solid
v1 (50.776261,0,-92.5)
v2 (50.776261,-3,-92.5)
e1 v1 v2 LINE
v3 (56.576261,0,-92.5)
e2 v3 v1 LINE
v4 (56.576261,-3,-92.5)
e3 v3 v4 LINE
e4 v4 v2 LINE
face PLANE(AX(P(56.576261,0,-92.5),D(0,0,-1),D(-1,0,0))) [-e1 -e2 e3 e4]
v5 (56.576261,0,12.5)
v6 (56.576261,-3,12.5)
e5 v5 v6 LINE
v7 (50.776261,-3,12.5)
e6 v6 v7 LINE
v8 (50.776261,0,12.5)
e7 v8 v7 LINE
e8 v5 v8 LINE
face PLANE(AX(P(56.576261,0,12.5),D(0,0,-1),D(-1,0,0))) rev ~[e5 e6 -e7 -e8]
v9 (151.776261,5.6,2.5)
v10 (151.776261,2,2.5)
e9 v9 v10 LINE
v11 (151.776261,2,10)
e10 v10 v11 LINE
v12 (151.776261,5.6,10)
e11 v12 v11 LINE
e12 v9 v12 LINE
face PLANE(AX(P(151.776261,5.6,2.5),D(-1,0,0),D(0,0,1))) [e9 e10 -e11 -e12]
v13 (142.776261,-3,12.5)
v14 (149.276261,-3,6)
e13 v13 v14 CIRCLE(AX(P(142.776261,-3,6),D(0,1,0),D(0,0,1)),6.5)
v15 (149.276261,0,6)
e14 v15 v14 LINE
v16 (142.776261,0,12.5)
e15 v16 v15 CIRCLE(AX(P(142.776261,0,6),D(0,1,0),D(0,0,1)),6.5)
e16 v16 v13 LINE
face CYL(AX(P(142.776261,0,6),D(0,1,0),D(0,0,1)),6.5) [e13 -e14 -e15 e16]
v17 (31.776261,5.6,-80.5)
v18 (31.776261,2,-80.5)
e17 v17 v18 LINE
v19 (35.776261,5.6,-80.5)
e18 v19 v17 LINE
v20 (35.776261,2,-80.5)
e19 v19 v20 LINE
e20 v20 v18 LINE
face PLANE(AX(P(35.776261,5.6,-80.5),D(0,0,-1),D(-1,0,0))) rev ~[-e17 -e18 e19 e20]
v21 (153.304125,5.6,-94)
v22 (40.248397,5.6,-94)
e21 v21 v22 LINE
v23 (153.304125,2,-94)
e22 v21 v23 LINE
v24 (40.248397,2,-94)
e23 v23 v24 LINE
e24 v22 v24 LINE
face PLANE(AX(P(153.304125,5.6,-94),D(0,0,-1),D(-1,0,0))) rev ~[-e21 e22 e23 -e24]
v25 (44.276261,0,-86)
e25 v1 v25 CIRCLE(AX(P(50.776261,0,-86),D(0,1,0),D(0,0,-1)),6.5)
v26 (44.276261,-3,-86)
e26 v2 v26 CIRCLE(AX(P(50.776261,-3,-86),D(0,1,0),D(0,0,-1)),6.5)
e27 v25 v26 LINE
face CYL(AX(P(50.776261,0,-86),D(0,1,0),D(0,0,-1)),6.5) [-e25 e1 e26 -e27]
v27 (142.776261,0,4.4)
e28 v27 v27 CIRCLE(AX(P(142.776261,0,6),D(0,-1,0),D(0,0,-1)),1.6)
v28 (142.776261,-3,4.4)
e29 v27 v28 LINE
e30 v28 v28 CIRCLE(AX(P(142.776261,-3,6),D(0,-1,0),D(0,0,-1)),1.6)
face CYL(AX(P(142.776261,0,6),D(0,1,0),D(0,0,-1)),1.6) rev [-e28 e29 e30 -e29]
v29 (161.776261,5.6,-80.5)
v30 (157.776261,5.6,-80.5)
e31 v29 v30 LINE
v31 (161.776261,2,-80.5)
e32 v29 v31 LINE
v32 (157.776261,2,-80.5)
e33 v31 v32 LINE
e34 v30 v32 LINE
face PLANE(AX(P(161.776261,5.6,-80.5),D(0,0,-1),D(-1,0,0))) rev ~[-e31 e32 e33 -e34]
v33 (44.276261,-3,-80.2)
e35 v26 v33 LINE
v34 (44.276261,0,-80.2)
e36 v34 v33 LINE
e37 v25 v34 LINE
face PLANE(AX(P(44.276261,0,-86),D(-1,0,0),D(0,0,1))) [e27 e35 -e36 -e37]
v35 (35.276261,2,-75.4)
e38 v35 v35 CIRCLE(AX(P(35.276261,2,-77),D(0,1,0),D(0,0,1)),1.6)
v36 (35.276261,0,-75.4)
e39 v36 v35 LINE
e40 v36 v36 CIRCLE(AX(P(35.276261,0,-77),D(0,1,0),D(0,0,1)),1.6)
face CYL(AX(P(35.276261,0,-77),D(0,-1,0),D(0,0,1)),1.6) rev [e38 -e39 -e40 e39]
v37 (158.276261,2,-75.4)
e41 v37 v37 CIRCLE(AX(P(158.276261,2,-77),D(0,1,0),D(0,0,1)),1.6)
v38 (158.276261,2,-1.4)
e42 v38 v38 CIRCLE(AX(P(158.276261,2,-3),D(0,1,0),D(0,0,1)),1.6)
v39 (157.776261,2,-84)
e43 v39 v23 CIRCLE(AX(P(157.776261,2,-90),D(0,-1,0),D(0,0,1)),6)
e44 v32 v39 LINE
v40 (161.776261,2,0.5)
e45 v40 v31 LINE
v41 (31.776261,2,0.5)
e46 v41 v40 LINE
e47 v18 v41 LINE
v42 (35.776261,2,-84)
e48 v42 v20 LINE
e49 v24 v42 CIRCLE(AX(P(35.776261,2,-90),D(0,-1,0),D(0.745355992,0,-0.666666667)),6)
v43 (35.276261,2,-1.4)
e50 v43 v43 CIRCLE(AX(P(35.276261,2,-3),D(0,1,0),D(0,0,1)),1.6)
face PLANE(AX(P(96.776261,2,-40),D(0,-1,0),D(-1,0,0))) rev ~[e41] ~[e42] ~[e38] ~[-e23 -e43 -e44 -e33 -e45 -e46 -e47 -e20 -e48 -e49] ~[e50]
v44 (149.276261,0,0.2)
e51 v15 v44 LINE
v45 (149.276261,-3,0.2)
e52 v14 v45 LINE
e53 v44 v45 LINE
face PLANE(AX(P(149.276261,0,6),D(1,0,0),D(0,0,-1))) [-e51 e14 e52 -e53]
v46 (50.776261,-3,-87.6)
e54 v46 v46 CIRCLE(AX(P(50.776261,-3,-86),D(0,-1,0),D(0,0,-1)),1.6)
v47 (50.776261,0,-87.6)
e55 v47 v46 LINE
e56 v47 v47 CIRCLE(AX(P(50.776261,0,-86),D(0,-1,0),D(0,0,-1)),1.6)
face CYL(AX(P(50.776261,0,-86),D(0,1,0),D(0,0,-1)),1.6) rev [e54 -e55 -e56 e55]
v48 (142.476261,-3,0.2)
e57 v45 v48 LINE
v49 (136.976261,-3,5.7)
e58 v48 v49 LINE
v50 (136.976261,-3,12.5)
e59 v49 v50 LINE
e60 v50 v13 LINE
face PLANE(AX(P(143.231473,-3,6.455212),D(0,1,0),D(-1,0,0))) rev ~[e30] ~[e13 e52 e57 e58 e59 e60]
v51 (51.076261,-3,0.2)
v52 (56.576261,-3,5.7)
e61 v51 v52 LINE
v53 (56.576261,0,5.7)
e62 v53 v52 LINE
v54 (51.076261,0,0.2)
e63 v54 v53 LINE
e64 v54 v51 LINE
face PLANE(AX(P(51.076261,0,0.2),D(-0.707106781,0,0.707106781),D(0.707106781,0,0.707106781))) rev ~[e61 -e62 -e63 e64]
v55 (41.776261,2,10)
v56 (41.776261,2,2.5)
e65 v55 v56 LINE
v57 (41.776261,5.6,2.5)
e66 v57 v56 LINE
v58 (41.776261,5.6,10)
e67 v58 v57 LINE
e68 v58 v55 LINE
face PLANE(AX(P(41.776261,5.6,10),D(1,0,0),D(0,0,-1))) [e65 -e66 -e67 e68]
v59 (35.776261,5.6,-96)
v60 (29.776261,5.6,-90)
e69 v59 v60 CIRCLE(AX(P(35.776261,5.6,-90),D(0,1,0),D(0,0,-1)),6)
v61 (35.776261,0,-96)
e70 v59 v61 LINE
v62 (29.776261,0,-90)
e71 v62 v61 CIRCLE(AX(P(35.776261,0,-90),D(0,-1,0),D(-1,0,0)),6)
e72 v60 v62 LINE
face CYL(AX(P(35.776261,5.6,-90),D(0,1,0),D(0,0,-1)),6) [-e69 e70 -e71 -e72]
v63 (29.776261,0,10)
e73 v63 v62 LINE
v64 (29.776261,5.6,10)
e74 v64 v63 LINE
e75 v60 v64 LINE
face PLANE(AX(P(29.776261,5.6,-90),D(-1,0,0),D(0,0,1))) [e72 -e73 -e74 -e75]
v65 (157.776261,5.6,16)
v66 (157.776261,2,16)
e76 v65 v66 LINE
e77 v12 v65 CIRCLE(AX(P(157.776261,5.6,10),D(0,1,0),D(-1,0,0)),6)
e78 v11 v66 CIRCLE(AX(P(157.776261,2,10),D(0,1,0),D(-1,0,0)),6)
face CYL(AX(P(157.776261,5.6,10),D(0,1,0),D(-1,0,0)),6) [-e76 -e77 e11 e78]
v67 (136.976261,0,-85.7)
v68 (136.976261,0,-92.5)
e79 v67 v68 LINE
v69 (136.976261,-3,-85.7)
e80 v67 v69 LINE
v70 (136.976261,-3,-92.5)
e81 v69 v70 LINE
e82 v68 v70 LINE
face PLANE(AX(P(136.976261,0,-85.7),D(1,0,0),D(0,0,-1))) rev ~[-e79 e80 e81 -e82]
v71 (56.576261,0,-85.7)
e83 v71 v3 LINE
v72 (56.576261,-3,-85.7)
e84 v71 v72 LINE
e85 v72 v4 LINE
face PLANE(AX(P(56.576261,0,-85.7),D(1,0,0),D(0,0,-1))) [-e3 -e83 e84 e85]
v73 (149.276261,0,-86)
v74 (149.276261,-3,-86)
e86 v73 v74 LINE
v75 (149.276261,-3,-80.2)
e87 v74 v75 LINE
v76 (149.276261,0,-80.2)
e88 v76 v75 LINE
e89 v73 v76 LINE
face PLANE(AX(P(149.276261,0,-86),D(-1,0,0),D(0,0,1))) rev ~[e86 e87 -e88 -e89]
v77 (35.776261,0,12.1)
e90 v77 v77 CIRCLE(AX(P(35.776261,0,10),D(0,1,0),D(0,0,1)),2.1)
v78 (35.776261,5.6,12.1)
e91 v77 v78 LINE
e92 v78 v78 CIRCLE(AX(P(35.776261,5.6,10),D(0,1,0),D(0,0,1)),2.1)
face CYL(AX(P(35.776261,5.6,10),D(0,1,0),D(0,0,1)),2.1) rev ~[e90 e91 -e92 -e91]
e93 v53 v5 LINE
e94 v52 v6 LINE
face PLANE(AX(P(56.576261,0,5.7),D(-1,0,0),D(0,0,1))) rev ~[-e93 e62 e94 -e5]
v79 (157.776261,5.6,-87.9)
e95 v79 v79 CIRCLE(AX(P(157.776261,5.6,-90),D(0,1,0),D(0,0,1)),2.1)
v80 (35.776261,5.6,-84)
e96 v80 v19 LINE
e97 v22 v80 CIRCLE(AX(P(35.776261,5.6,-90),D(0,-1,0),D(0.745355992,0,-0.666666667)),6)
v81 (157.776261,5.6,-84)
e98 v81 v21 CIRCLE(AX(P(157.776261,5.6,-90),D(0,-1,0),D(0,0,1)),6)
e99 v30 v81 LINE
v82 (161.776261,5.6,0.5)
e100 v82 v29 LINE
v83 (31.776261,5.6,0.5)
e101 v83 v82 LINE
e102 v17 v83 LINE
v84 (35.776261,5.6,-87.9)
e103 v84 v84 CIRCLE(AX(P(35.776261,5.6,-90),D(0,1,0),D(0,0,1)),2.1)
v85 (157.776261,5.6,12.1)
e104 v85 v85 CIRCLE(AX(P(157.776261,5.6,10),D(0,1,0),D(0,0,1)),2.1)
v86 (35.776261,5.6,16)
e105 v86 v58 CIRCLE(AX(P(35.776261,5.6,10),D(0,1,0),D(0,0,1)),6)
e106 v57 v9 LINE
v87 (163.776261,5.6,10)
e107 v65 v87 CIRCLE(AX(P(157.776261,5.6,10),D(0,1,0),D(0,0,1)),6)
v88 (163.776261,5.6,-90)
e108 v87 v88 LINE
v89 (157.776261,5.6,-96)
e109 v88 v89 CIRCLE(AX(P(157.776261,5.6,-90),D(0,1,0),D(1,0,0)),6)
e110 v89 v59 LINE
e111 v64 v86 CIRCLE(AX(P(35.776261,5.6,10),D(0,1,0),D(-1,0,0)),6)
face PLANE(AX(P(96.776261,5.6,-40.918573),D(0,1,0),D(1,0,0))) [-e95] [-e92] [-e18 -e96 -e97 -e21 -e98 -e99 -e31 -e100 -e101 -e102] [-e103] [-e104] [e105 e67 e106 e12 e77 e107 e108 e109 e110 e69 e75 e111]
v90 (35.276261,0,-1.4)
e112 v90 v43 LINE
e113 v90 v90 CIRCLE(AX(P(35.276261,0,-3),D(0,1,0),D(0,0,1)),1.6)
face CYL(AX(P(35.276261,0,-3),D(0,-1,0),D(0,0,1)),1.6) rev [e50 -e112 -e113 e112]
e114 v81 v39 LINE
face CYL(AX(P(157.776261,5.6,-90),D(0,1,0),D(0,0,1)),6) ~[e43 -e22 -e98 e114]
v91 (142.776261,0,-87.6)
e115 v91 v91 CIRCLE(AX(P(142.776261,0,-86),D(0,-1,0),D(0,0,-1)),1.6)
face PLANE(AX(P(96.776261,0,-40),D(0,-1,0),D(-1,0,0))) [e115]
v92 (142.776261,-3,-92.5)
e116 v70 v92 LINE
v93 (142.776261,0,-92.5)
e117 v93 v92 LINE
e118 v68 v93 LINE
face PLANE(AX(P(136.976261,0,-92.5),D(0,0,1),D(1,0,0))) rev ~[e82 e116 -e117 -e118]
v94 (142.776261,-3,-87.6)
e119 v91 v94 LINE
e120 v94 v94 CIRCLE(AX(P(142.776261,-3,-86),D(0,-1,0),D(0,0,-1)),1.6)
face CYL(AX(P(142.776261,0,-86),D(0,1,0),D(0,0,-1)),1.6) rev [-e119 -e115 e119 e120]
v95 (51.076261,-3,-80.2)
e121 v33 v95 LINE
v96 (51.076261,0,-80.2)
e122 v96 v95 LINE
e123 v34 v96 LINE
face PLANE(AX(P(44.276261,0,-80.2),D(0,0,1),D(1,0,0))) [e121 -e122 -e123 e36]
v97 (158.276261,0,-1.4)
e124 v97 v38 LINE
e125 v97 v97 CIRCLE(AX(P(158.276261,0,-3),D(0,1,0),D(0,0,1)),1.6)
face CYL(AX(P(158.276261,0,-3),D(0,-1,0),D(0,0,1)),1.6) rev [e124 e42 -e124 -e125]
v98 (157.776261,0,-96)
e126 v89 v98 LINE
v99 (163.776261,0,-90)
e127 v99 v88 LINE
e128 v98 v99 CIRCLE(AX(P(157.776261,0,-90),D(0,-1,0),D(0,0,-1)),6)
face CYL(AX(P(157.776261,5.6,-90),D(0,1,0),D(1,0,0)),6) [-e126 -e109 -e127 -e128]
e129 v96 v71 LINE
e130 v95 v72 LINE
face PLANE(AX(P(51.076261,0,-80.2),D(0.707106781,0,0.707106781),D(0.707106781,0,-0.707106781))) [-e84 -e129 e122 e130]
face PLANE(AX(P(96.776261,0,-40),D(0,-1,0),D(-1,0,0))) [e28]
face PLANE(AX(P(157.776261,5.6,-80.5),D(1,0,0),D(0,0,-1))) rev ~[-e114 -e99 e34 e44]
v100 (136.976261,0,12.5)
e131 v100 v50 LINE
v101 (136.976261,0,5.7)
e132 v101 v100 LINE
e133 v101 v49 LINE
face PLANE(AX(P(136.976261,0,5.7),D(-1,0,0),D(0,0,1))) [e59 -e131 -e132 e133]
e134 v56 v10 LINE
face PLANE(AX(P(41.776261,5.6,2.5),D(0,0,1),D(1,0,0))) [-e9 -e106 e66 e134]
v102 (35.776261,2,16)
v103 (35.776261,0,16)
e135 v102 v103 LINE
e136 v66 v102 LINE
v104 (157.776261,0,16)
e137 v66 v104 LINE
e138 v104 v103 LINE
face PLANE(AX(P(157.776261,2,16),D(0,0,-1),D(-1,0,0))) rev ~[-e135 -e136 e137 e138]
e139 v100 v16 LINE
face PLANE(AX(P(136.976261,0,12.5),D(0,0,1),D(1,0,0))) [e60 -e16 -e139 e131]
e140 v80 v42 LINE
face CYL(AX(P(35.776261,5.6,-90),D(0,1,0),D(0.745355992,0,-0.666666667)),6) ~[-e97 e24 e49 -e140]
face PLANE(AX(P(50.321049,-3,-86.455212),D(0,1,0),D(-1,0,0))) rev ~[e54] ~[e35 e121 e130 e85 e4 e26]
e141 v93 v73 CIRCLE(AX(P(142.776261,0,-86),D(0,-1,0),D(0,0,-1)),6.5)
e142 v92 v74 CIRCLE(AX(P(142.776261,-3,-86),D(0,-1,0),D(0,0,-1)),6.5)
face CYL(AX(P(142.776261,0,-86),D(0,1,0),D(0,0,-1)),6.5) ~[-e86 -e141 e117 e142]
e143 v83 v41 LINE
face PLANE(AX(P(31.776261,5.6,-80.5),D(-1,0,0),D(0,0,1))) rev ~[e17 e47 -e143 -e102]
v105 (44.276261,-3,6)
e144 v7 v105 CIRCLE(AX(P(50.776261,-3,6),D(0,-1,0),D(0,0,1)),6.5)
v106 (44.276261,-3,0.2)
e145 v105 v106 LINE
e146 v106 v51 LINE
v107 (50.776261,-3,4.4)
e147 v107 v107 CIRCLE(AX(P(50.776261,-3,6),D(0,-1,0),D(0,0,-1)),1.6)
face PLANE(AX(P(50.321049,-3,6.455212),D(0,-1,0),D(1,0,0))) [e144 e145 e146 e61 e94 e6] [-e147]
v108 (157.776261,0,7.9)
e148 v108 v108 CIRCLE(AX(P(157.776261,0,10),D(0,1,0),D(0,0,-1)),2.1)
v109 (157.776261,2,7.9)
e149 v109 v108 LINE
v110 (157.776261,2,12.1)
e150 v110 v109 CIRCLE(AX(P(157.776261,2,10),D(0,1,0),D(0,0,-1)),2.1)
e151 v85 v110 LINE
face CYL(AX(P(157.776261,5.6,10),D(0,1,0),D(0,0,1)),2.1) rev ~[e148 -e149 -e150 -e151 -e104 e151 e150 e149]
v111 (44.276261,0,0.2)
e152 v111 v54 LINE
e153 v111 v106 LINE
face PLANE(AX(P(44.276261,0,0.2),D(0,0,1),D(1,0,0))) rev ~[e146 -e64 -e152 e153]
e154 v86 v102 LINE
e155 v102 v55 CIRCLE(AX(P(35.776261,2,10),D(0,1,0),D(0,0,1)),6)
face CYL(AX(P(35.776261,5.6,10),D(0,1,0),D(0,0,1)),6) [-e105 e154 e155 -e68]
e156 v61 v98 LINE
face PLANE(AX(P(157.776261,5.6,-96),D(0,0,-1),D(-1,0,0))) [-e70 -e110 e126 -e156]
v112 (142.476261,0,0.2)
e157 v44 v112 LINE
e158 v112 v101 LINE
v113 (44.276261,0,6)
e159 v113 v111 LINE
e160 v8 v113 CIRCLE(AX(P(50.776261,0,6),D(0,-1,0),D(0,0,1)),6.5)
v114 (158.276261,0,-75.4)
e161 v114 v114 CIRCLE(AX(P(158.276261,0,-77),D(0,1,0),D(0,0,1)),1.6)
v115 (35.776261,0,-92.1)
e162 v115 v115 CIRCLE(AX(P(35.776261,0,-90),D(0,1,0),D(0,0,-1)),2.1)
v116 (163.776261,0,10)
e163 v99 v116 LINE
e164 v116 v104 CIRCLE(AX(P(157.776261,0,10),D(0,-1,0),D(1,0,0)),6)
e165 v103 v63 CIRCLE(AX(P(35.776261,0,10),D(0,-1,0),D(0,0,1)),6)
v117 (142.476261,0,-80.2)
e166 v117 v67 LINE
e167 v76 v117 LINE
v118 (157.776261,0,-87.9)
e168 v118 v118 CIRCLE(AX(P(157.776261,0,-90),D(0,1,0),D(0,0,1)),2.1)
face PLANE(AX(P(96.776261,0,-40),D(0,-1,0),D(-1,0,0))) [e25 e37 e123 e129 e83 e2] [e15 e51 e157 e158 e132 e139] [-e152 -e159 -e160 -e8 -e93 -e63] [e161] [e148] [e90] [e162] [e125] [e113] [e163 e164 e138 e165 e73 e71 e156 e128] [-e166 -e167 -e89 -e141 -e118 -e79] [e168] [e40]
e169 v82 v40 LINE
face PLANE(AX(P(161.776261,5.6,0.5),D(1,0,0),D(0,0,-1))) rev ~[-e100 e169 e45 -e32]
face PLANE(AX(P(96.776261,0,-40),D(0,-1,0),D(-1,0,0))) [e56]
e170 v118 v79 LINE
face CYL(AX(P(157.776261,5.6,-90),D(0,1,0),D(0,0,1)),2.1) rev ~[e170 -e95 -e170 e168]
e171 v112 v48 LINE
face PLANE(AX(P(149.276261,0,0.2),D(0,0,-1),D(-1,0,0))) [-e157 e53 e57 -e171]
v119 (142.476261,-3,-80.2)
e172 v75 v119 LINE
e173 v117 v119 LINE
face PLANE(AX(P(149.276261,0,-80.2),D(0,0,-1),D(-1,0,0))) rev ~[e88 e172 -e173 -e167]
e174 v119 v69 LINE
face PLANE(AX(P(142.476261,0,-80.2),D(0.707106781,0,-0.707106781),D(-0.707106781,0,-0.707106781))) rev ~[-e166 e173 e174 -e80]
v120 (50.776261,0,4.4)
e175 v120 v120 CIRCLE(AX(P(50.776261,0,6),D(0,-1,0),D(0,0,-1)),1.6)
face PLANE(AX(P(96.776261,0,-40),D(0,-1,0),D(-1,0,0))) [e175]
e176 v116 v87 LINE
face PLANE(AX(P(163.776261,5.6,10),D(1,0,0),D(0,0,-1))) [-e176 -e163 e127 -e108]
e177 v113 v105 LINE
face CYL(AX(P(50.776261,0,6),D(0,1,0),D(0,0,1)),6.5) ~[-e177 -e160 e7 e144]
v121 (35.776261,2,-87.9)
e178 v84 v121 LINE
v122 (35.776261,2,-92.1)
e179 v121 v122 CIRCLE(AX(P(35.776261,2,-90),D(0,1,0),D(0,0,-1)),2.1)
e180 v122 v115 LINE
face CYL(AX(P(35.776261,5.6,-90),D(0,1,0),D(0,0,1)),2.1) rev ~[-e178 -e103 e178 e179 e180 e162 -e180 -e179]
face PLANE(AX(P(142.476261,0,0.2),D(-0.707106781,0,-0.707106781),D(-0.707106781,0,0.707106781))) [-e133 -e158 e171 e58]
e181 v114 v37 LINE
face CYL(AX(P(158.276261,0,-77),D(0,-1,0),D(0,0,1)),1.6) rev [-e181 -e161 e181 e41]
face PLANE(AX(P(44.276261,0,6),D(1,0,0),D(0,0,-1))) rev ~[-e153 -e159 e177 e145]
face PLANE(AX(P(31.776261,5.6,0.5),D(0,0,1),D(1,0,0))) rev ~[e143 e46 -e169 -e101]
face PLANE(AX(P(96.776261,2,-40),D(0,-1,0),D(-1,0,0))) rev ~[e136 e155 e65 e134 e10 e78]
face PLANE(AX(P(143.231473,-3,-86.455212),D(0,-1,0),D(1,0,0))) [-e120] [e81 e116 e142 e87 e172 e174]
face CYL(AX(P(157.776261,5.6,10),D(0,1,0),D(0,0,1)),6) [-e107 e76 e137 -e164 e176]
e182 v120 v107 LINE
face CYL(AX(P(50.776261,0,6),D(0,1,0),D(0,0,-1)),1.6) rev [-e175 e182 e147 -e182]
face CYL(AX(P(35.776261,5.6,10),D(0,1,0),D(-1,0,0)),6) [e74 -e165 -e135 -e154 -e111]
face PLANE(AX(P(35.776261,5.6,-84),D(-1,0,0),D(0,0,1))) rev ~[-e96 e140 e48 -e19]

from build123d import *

# Parameters (mm, degrees)
SKETCH_1_W      = 129
SKETCH_1_H      = 80
SKETCH_1_R      = 1.6
EXTRUDE_1_DEPTH = 2
SKETCH_2_R      = 2.1
SKETCH_2_W      = 129
SKETCH_2_H      = 80
EXTRUDE_2_DEPTH = 2
EXTRUDE_START   = 3.6
SKETCH_3_R      = 2.1
EXTRUDE_3_DEPTH = 3.6
SKETCH_4_R      = 1.6
EXTRUDE_4_DEPTH = 3


with BuildPart() as part:
    # 草图1 → 凸台-拉伸1 (new body)
    with BuildSketch(Plane(origin=(0, 0, 0), x_dir=(1, 0, 0), z_dir=(0, 1, 0))):
        with Locations((96.776260997, 40)):
            Rectangle(SKETCH_1_W, SKETCH_1_H)
        with Locations(Location((35.276260997, 77, 0), (0, 0, 270))):
            Circle(SKETCH_1_R, mode=Mode.SUBTRACT)
        with Locations(Location((158.276260997, 77, 0), (0, 0, 270))):
            Circle(SKETCH_1_R, mode=Mode.SUBTRACT)
        with Locations(Location((158.276260997, 3, 0), (0, 0, 270))):
            Circle(SKETCH_1_R, mode=Mode.SUBTRACT)
        with Locations(Location((35.276260997, 3, 0), (0, 0, 270))):
            Circle(SKETCH_1_R, mode=Mode.SUBTRACT)
    extrude(amount=EXTRUDE_1_DEPTH)

    # 草图2 → 凸台-拉伸2 (add)
    with BuildSketch(Plane(origin=(0, 2, 0), x_dir=(1, 0, 0), z_dir=(0, 1, 0))):
        with BuildLine():
            Line((35.776260997, 96), (157.776260997, 96))
            ThreePointArc((157.776260997, 96), (162.018901684, 94.242640687), (163.776260997, 90))
            Line((163.776260997, 90), (163.776260997, -10))
            ThreePointArc((163.776260997, -10), (162.018901684, -14.242640687), (157.776260997, -16))
            Line((157.776260997, -16), (35.776260997, -16))
            ThreePointArc((35.776260997, -16), (31.53362031, -14.242640687), (29.776260997, -10))
            Line((29.776260997, -10), (29.776260997, 90))
            ThreePointArc((29.776260997, 90), (31.53362031, 94.242640687), (35.776260997, 96))
        make_face()
        with Locations(Location((35.776260997, -10, 0), (0, 0, 270))):
            Circle(SKETCH_2_R, mode=Mode.SUBTRACT)
        with Locations(Location((157.776260997, -10, 0), (0, 0, 90))):
            Circle(SKETCH_2_R, mode=Mode.SUBTRACT)
        with Locations(Location((157.776260997, 90, 0), (0, 0, 270))):
            Circle(SKETCH_2_R, mode=Mode.SUBTRACT)
        with Locations(Location((35.776260997, 90, 0), (0, 0, 90))):
            Circle(SKETCH_2_R, mode=Mode.SUBTRACT)
        with Locations((96.776260997, 40)):
            Rectangle(SKETCH_2_W, SKETCH_2_H, mode=Mode.SUBTRACT)
    extrude(amount=-EXTRUDE_2_DEPTH)

    # 草图3 → 凸台-拉伸3 (add)
    with BuildSketch(Plane(origin=(0, 2, 0), x_dir=(1, 0, 0), z_dir=(0, 1, 0)).offset(EXTRUDE_START)):
        with BuildLine():
            Line((41.776260997, -10), (41.776260997, -2.5))
            Line((41.776260997, -2.5), (151.776260997, -2.5))
            Line((151.776260997, -2.5), (151.776260997, -10))
            ThreePointArc((151.776260997, -10), (153.53362031, -14.242640687), (157.776260997, -16))
            ThreePointArc((157.776260997, -16), (162.018901684, -14.242640687), (163.776260997, -10))
            Line((163.776260997, -10), (163.776260997, 90))
            ThreePointArc((163.776260997, 90), (162.018901684, 94.242640687), (157.776260997, 96))
            Line((157.776260997, 96), (35.776260997, 96))
            ThreePointArc((35.776260997, 96), (31.53362031, 94.242640687), (29.776260997, 90))
            Line((29.776260997, 90), (29.776260997, -10))
            ThreePointArc((29.776260997, -10), (31.53362031, -14.242640687), (35.776260997, -16))
            ThreePointArc((35.776260997, -16), (40.018901684, -14.242640687), (41.776260997, -10))
        make_face()
        with Locations(Location((35.776260997, -10, 0), (0, 0, 270))):
            Circle(SKETCH_3_R, mode=Mode.SUBTRACT)
        with Locations(Location((35.776260997, 90, 0), (0, 0, 270))):
            Circle(SKETCH_3_R, mode=Mode.SUBTRACT)
        with Locations(Location((157.776260997, 90, 0), (0, 0, 270))):
            Circle(SKETCH_3_R, mode=Mode.SUBTRACT)
        with Locations(Location((157.776260997, -10, 0), (0, 0, 270))):
            Circle(SKETCH_3_R, mode=Mode.SUBTRACT)
        with BuildLine():
            Line((31.776260997, -0.5), (161.776260997, -0.5))
            Line((161.776260997, -0.5), (161.776260997, 80.5))
            Line((161.776260997, 80.5), (157.776260997, 80.5))
            Line((157.776260997, 80.5), (157.776260997, 84))
            ThreePointArc((157.776260997, 84), (152.299035422, 87.550510257), (153.304125042, 94))
            Line((153.304125042, 94), (96.776260997, 94))
            Line((96.776260997, 94), (40.248396952, 94))
            ThreePointArc((40.248396952, 94), (41.253486572, 87.550510257), (35.776260997, 84))
            Line((35.776260997, 84), (35.776260997, 80.5))
            Line((35.776260997, 80.5), (31.776260997, 80.5))
            Line((31.776260997, 80.5), (31.776260997, -0.5))
        make_face(mode=Mode.SUBTRACT)
    extrude(amount=-EXTRUDE_3_DEPTH)

    # 草图4 → 凸台-拉伸4 (add)
    # profile 1 of 4: a face of its own
    with BuildSketch(Plane.XZ):
        with BuildLine():
            Line((149.276260997, -80.2), (142.476260997, -80.2))
            Line((142.476260997, -80.2), (136.976260997, -85.7))
            Line((136.976260997, -85.7), (136.976260997, -92.5))
            Line((136.976260997, -92.5), (142.776260997, -92.5))
            ThreePointArc((142.776260997, -92.5), (147.372455074, -90.596194078), (149.276260997, -86))
            Line((149.276260997, -86), (149.276260997, -80.2))
        make_face()
        with Locations(Location((142.776260997, -86, 0), (0, 0, 270))):
            Circle(SKETCH_4_R, mode=Mode.SUBTRACT)
    # profile 2 of 4: a face of its own
    with BuildSketch(Plane.XZ):
        with BuildLine():
            Line((56.576260997, -92.5), (50.776260997, -92.5))
            ThreePointArc((50.776260997, -92.5), (46.180066919, -90.596194078), (44.276260997, -86))
            Line((44.276260997, -86), (44.276260997, -80.2))
            Line((44.276260997, -80.2), (51.076260997, -80.2))
            Line((51.076260997, -80.2), (56.576260997, -85.7))
            Line((56.576260997, -85.7), (56.576260997, -92.5))
        make_face()
        with Locations(Location((50.776260997, -86, 0), (0, 0, 270))):
            Circle(SKETCH_4_R, mode=Mode.SUBTRACT)
    # profile 3 of 4: a face of its own
    with BuildSketch(Plane.XZ):
        with BuildLine():
            Line((136.976260997, 12.5), (142.776260997, 12.5))
            ThreePointArc((142.776260997, 12.5), (147.372455074, 10.596194078), (149.276260997, 6))
            Line((149.276260997, 6), (149.276260997, 0.2))
            Line((149.276260997, 0.2), (142.476260997, 0.2))
            Line((142.476260997, 0.2), (136.976260997, 5.7))
            Line((136.976260997, 5.7), (136.976260997, 12.5))
        make_face()
        with Locations(Location((142.776260997, 6, 0), (0, 0, 270))):
            Circle(SKETCH_4_R, mode=Mode.SUBTRACT)
    # profile 4 of 4: a face of its own
    with BuildSketch(Plane.XZ):
        with BuildLine():
            Line((44.276260997, 0.2), (51.076260997, 0.2))
            Line((51.076260997, 0.2), (56.576260997, 5.7))
            Line((56.576260997, 5.7), (56.576260997, 12.5))
            Line((56.576260997, 12.5), (50.776260997, 12.5))
            ThreePointArc((50.776260997, 12.5), (46.180066919, 10.596194078), (44.276260997, 6))
            Line((44.276260997, 6), (44.276260997, 0.2))
        make_face()
        with Locations(Location((50.776260997, 6, 0), (0, 0, 270))):
            Circle(SKETCH_4_R, mode=Mode.SUBTRACT)
    extrude(amount=EXTRUDE_4_DEPTH)


solid = part.part
